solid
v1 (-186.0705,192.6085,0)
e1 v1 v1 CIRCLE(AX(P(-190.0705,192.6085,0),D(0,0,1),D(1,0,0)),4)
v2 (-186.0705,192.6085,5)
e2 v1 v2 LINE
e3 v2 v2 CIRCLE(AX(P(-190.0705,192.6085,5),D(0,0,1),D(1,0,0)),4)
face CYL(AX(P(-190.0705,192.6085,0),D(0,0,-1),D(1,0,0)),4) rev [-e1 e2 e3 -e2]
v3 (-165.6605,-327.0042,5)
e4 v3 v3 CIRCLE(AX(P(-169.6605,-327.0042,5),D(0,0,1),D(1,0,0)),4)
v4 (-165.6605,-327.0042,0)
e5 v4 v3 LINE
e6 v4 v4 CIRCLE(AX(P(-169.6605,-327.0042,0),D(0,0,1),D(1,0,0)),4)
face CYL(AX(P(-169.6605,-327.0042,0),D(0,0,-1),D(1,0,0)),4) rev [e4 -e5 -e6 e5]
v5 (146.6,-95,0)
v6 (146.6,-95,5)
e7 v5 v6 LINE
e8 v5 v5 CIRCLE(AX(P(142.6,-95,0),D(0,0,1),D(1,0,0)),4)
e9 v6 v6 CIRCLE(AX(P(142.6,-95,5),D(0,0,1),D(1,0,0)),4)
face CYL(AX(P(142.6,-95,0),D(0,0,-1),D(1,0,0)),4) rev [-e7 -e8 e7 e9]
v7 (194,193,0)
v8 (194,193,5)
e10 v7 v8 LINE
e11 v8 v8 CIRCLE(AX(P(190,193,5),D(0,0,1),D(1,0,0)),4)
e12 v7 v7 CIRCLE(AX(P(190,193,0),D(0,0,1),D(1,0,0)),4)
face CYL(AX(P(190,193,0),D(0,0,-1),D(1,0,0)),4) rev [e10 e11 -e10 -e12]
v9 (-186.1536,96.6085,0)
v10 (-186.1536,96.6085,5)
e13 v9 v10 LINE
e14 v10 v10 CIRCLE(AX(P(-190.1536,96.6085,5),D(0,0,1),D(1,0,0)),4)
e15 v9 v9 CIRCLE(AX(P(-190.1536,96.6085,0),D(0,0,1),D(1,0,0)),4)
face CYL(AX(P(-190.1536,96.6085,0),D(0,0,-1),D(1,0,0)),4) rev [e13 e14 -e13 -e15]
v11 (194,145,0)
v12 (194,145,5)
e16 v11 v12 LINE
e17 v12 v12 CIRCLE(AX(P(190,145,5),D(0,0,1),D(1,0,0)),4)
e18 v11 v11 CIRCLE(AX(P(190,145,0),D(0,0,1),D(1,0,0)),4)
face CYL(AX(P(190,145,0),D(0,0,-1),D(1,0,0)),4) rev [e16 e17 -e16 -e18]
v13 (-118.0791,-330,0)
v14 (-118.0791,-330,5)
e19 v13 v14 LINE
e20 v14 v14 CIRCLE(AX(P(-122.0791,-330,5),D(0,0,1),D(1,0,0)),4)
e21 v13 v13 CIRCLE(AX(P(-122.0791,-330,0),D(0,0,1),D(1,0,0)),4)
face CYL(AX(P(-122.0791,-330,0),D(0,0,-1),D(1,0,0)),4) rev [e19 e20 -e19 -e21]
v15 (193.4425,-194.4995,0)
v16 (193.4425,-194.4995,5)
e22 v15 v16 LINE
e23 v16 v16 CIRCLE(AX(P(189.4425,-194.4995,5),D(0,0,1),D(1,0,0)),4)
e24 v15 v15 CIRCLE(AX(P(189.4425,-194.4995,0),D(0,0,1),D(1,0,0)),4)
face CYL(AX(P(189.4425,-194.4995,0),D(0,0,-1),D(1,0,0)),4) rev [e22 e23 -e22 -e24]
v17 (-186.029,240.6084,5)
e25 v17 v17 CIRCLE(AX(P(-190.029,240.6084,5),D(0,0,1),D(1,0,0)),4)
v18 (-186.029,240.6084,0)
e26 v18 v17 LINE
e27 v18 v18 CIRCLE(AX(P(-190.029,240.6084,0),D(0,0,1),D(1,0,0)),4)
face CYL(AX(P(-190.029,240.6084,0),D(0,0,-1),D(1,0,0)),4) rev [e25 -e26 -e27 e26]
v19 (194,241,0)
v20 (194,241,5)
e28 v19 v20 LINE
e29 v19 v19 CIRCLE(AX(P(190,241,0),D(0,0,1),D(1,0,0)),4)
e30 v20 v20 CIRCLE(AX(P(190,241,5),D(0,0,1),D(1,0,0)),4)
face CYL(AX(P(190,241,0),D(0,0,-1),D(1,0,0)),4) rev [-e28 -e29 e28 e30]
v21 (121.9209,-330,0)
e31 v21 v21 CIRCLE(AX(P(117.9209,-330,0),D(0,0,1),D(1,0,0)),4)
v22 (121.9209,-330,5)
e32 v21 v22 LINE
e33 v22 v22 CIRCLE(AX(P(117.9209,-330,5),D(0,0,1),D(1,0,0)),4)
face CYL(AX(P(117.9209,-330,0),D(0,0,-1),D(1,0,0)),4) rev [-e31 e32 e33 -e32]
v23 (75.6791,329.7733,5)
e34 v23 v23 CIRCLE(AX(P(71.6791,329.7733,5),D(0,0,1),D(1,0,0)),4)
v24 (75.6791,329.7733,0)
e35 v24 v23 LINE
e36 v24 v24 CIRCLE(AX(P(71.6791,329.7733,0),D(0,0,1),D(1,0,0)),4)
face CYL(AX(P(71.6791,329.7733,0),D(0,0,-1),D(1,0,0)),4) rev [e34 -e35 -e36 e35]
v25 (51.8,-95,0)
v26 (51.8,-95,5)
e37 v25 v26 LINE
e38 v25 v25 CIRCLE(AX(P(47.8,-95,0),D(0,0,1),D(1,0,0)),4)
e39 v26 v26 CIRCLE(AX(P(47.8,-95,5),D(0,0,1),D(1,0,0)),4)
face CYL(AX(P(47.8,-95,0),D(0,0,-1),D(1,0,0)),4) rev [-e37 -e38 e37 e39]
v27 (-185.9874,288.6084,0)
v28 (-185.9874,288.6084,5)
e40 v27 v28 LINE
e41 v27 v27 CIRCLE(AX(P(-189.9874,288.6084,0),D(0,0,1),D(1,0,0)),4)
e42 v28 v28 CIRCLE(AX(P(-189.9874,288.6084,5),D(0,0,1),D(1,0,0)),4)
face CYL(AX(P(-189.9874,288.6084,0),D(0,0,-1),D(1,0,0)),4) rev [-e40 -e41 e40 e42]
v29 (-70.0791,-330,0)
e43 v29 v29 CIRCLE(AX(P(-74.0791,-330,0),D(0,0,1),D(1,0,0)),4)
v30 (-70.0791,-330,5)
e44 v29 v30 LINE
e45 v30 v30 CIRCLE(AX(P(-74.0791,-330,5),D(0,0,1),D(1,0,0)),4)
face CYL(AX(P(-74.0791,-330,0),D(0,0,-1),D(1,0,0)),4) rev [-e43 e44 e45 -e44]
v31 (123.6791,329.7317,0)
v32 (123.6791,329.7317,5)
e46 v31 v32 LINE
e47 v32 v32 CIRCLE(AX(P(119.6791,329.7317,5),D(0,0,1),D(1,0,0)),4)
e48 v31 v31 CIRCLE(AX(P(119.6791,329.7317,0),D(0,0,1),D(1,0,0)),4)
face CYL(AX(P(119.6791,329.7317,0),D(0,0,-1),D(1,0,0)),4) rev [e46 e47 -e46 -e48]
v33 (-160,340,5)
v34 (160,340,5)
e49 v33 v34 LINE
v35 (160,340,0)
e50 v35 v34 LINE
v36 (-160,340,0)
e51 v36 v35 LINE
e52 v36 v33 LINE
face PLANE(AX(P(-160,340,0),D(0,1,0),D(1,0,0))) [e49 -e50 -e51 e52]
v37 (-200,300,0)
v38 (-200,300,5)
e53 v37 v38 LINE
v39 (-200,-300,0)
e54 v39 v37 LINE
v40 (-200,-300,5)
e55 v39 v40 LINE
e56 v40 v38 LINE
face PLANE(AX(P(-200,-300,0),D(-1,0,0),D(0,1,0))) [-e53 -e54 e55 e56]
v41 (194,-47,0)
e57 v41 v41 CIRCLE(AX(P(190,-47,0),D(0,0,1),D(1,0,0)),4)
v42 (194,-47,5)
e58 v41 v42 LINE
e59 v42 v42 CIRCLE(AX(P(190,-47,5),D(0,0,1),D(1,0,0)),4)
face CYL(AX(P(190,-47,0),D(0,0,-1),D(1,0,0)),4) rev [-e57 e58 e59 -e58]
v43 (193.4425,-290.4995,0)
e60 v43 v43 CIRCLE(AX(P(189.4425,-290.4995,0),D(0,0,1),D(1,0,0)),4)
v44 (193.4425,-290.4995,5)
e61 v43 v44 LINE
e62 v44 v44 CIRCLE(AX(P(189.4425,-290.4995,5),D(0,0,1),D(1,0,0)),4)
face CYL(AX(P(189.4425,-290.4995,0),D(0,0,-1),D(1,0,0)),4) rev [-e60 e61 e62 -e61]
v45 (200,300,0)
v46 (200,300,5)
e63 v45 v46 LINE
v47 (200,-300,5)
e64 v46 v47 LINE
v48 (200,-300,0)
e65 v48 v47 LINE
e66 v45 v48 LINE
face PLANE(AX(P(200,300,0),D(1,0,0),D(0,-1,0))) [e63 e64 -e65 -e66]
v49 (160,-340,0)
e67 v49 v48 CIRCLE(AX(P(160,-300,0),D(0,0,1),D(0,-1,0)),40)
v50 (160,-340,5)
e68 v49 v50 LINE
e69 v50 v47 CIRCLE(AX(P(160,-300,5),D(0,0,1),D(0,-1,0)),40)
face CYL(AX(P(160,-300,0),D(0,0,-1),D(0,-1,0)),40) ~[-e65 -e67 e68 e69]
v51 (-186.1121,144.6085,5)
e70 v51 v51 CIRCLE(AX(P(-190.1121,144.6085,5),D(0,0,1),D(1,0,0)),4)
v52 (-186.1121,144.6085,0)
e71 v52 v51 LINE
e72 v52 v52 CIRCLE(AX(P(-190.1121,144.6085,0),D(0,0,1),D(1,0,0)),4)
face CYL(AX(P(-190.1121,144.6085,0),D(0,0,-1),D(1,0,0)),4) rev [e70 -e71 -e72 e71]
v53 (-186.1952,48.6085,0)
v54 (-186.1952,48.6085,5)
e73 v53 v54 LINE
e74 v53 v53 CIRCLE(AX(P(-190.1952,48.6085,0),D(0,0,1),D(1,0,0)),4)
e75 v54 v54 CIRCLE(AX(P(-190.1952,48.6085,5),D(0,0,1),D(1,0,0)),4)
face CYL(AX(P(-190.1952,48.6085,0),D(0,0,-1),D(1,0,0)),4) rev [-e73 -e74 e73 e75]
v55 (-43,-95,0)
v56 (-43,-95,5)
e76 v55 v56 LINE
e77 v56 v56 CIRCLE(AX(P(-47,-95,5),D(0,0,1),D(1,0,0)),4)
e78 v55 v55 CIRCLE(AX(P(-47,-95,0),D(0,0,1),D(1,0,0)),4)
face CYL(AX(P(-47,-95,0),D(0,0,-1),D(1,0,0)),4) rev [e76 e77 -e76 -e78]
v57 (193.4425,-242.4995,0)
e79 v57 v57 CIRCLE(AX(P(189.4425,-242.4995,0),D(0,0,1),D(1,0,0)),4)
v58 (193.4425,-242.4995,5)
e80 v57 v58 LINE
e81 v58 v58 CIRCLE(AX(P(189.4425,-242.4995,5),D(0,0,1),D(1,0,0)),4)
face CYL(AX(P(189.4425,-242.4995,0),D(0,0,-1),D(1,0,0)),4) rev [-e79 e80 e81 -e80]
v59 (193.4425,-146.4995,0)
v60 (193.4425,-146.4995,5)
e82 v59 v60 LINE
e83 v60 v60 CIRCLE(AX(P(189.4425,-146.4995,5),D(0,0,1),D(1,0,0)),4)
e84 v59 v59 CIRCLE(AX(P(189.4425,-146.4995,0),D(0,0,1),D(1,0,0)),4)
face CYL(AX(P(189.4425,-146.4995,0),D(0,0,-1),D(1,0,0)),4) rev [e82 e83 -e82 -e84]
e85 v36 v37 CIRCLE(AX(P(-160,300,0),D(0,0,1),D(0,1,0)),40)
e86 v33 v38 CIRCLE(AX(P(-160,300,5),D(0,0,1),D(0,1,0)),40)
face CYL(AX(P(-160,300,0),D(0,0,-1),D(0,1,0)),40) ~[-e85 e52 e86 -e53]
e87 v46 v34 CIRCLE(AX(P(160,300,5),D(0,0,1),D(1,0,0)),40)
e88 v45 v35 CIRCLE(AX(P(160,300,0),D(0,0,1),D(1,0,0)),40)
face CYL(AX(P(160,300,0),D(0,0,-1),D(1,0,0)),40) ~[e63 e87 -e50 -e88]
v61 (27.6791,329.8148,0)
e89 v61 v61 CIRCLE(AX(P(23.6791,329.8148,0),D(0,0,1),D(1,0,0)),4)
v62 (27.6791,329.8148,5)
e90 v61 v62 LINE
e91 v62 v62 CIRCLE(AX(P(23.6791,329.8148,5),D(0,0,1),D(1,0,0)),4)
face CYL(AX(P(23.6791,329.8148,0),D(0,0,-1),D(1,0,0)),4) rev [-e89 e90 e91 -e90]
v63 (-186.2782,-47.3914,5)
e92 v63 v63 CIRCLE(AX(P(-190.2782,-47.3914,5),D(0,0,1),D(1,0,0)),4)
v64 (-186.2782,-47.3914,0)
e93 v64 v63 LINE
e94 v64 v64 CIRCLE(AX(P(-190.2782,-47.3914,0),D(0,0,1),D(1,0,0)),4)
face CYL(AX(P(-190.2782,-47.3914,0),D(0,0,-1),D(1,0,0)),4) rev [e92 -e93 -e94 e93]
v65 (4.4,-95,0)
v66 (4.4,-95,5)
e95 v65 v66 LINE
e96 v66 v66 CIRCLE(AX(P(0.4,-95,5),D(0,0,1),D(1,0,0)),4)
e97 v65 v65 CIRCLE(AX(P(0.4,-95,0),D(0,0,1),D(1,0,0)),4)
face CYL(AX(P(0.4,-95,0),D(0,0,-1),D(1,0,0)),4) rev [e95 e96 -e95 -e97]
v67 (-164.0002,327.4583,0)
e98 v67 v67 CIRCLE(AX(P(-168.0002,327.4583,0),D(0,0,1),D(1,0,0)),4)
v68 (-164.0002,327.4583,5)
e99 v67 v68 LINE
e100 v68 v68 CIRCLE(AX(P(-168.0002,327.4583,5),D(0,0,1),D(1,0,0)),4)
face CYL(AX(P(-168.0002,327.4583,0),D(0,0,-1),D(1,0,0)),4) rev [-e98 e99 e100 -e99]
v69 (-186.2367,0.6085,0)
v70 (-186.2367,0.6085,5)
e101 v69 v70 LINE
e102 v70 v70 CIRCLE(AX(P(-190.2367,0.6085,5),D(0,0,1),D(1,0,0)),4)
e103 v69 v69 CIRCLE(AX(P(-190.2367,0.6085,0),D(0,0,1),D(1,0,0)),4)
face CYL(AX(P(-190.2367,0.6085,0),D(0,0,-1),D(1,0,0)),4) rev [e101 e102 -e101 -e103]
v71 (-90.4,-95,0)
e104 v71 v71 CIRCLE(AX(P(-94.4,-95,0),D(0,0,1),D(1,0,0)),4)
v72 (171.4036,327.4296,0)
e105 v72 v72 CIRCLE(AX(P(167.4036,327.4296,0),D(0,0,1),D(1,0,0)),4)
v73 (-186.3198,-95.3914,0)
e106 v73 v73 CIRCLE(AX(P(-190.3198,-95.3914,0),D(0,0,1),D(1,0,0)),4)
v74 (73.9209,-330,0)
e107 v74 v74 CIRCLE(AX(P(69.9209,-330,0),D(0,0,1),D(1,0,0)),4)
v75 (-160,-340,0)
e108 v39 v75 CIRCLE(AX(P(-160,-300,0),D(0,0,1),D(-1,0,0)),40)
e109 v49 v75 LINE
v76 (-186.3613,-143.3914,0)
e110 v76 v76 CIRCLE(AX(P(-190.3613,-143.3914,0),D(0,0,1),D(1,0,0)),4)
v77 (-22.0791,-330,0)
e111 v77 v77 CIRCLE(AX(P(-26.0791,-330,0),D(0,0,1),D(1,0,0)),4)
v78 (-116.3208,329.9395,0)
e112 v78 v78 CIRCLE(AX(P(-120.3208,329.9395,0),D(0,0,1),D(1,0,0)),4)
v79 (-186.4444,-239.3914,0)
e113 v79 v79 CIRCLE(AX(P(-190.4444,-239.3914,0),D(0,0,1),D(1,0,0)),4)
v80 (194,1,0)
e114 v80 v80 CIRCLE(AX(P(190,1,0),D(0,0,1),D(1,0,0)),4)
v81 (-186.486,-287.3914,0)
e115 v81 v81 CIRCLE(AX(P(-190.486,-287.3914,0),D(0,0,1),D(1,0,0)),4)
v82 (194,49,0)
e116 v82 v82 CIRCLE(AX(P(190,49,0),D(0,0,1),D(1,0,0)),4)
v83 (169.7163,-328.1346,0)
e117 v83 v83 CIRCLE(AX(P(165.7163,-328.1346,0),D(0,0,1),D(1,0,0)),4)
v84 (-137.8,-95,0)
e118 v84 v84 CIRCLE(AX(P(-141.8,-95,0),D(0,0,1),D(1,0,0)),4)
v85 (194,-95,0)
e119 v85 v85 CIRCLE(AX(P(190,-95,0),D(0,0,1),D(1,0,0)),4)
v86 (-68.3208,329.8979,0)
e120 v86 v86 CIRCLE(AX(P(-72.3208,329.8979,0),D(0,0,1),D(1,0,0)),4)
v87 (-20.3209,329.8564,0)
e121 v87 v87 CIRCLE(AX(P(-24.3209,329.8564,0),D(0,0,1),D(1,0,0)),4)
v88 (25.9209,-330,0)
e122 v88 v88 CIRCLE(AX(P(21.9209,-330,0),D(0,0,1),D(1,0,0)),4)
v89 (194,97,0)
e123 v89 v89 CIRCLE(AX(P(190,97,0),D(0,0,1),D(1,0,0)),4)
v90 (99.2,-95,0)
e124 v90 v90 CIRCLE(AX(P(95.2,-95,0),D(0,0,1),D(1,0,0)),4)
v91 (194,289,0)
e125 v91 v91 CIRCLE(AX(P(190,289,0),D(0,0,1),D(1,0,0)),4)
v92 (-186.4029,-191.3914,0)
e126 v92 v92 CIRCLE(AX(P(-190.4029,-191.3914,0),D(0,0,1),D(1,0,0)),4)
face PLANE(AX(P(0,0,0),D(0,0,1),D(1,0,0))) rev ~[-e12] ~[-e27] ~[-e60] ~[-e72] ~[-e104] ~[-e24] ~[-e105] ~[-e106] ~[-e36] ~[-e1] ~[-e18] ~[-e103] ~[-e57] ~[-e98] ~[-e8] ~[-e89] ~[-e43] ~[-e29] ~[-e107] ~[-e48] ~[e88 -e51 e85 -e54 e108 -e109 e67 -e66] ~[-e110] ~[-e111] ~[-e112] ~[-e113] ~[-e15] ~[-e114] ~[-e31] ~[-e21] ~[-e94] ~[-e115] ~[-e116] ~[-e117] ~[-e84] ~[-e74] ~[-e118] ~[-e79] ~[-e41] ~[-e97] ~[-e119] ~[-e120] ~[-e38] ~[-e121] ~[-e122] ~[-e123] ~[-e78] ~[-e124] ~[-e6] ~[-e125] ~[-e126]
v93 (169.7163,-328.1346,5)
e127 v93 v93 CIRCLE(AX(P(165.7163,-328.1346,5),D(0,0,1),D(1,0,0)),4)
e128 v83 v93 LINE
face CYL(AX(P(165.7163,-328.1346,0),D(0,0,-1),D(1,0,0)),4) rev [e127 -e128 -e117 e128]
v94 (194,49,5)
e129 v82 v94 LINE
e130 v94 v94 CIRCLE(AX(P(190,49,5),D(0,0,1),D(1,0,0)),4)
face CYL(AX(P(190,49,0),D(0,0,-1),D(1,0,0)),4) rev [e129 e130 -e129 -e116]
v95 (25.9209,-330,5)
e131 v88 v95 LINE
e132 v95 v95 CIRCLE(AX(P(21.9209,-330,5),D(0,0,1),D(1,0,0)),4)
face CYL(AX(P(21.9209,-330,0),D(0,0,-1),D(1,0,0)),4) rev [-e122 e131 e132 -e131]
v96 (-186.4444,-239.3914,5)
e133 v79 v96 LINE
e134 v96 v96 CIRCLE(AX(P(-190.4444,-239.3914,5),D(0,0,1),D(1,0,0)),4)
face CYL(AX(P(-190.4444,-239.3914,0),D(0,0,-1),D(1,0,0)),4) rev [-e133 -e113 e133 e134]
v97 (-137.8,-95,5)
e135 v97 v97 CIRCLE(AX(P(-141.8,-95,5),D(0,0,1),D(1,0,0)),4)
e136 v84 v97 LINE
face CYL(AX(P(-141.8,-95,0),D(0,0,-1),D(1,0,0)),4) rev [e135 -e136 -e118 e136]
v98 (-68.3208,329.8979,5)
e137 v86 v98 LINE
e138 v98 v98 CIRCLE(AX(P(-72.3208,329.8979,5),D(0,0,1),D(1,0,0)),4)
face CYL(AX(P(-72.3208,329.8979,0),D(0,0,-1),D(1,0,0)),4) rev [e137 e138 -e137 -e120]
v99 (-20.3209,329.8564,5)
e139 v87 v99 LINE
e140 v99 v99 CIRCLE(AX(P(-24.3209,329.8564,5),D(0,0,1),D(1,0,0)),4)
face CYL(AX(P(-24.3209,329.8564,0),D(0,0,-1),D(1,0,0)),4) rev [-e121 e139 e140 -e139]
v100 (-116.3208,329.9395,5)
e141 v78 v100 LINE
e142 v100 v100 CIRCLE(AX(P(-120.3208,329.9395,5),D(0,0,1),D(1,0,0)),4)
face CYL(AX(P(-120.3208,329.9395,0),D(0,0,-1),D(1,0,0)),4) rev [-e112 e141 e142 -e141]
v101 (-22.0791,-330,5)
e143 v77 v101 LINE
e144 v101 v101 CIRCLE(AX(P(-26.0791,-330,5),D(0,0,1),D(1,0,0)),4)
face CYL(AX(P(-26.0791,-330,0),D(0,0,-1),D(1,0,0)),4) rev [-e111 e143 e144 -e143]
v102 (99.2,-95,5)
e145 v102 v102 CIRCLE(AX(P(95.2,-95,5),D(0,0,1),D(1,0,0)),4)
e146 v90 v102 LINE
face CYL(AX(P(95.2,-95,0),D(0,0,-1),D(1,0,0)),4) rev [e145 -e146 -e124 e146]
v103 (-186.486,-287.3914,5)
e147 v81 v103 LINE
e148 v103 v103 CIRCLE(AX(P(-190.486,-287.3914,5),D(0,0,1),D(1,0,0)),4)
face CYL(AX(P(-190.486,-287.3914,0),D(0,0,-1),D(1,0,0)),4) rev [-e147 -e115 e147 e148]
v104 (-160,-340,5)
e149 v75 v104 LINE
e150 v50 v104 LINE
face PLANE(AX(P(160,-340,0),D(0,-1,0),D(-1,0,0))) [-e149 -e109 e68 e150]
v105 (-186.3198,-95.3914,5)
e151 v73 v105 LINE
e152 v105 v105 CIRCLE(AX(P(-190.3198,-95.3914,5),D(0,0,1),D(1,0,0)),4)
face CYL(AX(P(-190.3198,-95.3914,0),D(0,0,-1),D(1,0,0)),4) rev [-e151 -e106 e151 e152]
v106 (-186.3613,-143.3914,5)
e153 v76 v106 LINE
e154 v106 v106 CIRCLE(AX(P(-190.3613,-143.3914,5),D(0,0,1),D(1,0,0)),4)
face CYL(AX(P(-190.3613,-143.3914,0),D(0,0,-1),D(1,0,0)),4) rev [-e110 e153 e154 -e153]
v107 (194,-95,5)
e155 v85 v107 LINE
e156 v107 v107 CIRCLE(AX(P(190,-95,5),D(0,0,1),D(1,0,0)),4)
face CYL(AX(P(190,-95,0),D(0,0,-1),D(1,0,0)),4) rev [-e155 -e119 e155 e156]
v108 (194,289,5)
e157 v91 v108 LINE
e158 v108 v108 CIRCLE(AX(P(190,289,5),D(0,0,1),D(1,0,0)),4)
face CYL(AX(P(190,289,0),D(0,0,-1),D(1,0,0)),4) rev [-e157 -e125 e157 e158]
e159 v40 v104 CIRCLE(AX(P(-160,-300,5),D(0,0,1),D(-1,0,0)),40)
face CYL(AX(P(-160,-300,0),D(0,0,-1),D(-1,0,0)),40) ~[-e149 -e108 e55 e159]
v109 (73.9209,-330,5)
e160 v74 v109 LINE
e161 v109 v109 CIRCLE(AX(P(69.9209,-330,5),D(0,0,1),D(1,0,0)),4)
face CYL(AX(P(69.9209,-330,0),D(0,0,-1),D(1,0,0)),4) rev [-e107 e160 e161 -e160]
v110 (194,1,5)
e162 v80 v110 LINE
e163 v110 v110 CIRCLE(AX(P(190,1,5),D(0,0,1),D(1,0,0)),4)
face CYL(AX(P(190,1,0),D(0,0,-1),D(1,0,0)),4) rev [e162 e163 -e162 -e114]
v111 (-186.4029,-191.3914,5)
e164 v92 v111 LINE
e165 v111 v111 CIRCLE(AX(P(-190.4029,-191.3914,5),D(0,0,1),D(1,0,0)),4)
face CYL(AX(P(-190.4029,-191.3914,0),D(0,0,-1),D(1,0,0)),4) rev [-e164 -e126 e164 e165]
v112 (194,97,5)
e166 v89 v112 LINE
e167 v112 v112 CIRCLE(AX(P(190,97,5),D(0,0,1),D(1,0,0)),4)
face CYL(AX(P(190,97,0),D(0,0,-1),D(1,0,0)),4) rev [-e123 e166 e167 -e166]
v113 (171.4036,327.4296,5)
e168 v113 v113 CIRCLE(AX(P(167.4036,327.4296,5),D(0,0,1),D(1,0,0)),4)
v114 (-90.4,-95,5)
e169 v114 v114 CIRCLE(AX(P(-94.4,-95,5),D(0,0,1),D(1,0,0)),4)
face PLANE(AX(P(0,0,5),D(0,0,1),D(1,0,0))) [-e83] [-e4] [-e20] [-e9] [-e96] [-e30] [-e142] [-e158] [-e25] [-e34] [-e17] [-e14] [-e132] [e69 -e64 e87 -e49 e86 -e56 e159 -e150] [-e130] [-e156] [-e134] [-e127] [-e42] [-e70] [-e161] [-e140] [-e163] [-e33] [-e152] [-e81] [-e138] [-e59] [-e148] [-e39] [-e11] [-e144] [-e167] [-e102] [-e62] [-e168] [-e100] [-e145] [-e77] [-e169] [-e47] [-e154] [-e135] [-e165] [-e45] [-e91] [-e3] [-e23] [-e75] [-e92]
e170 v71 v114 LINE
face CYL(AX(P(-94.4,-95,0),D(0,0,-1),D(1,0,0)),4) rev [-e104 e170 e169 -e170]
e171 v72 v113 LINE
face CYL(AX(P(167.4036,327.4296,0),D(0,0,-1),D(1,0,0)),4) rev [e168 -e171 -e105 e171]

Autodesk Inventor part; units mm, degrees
ref_plane "YZ Plane" through (0, 0, 0) normal (1, 0, 0) x (0, 1, 0)
ref_plane "XZ Plane" through (0, 0, 0) normal (0, 1, 0) x (-1, 0, 0)
ref_plane "XY Plane" through (0, 0, 0) normal (0, 0, 1) x (1, 0, 0)
ref_plane "РабПлоскость1" through (0, 0, 0) normal (0, 0, 1) x (1, 0, 0)
sketch "Эскиз1" plane through (0, 0, 0) normal (0, 0, 1) x (1, 0, 0)
  circle A0 centre (-141.8, -95) radius 4 projected
  circle A1 centre (-94.4, -95) radius 4 projected
  circle A2 centre (-47, -95) radius 4 projected
  circle A3 centre (0.4, -95) radius 4 projected
  circle A4 centre (47.8, -95) radius 4 projected
  circle A5 centre (95.2, -95) radius 4 projected
  circle A6 centre (142.6, -95) radius 4 projected
  circle A7 centre (189.4425, -146.4995) radius 4 projected
  circle A8 centre (189.4425, -194.4995) radius 4 projected
  circle A9 centre (189.4425, -242.4995) radius 4 projected
  circle A10 centre (189.4425, -290.4995) radius 4 projected
  circle A11 centre (165.7163, -328.1346) radius 4 projected
  circle A12 centre (117.9209, -330) radius 4 projected
  circle A13 centre (69.9209, -330) radius 4 projected
  circle A14 centre (21.9209, -330) radius 4 projected
  circle A15 centre (-26.0791, -330) radius 4 projected
  circle A16 centre (-74.0791, -330) radius 4 projected
  circle A17 centre (-122.0791, -330) radius 4 projected
  circle A18 centre (-169.6605, -327.0042) radius 4 projected
  circle A19 centre (-190.486, -287.3914) radius 4 projected
  circle A20 centre (-190.4444, -239.3914) radius 4 projected
  circle A21 centre (-190.4029, -191.3914) radius 4 projected
  circle A22 centre (-190.3613, -143.3914) radius 4 projected
  circle A23 centre (-190.3198, -95.3914) radius 4 projected
  circle A24 centre (-190.2782, -47.3914) radius 4 projected
  circle A25 centre (-190.2367, 0.6085) radius 4 projected
  circle A26 centre (-190.1952, 48.6085) radius 4 projected
  circle A27 centre (-190.1536, 96.6085) radius 4 projected
  circle A28 centre (-190.1121, 144.6085) radius 4 projected
  circle A29 centre (-190.0705, 192.6085) radius 4 projected
  circle A30 centre (-190.029, 240.6084) radius 4 projected
  circle A31 centre (-189.9874, 288.6084) radius 4 projected
  circle A32 centre (-168.0002, 327.4583) radius 4 projected
  circle A33 centre (-120.3208, 329.9395) radius 4 projected
  circle A34 centre (-72.3208, 329.8979) radius 4 projected
  circle A35 centre (-24.3209, 329.8564) radius 4 projected
  circle A36 centre (23.6791, 329.8148) radius 4 projected
  circle A37 centre (71.6791, 329.7733) radius 4 projected
  circle A38 centre (119.6791, 329.7317) radius 4 projected
  circle A39 centre (167.4036, 327.4296) radius 4 projected
  circle A40 centre (190, 289) radius 4 projected
  circle A41 centre (190, 241) radius 4 projected
  circle A42 centre (190, 193) radius 4 projected
  circle A43 centre (190, 145) radius 4 projected
  circle A44 centre (190, 97) radius 4 projected
  circle A45 centre (190, 49) radius 4 projected
  circle A46 centre (190, 1) radius 4 projected
  circle A47 centre (190, -47) radius 4 projected
  circle A48 centre (190, -95) radius 4 projected
  line L0 (200, 300) -> (200, -300) projected
  arc A49 (200, 300) -> (160, 340) centre (160, 300) ccw projected
  line L1 (-160, 340) -> (160, 340) projected
  arc A50 (-160, 340) -> (-200, 300) centre (-160, 300) ccw projected
  line L2 (-200, -300) -> (-200, 300) projected
  arc A51 (-200, -300) -> (-160, -340) centre (-160, -300) ccw projected
  line L3 (160, -340) -> (-160, -340) projected
  arc A52 (160, -340) -> (200, -300) centre (160, -300) ccw projected
  line L4 (180, -110) -> (-180, -110) projected
  line L5 (180, -290) -> (180, -110) projected
  arc A53 (150, -320) -> (180, -290) centre (150, -290) ccw projected
  line L6 (-150, -320) -> (150, -320) projected
  arc A54 (-180, -290) -> (-150, -320) centre (-150, -290) ccw projected
  line L7 (-180, -110) -> (-180, -290) projected
  line L8 (180, -80) -> (180, 290) projected
  line L9 (-180, -80) -> (180, -80) projected
  line L10 (-180, 290) -> (-180, -80) projected
  arc A55 (-150, 320) -> (-180, 290) centre (-150, 290) ccw projected
  line L11 (150, 320) -> (-150, 320) projected
  arc A56 (180, 290) -> (150, 320) centre (150, 290) ccw projected
  point P0 (0, 0)
extrude "Выдавливание1" add sketch "Эскиз1" along normal blind 5 contours L0 A52 L3 A51 L2 A50 L1 A49 | L5 A53 L6 A54 L7 L4 | L9 L10 A55 L11 A56 L8
properties part number "Крышка фонаря 2_CPY" material "Чугун, серый"
